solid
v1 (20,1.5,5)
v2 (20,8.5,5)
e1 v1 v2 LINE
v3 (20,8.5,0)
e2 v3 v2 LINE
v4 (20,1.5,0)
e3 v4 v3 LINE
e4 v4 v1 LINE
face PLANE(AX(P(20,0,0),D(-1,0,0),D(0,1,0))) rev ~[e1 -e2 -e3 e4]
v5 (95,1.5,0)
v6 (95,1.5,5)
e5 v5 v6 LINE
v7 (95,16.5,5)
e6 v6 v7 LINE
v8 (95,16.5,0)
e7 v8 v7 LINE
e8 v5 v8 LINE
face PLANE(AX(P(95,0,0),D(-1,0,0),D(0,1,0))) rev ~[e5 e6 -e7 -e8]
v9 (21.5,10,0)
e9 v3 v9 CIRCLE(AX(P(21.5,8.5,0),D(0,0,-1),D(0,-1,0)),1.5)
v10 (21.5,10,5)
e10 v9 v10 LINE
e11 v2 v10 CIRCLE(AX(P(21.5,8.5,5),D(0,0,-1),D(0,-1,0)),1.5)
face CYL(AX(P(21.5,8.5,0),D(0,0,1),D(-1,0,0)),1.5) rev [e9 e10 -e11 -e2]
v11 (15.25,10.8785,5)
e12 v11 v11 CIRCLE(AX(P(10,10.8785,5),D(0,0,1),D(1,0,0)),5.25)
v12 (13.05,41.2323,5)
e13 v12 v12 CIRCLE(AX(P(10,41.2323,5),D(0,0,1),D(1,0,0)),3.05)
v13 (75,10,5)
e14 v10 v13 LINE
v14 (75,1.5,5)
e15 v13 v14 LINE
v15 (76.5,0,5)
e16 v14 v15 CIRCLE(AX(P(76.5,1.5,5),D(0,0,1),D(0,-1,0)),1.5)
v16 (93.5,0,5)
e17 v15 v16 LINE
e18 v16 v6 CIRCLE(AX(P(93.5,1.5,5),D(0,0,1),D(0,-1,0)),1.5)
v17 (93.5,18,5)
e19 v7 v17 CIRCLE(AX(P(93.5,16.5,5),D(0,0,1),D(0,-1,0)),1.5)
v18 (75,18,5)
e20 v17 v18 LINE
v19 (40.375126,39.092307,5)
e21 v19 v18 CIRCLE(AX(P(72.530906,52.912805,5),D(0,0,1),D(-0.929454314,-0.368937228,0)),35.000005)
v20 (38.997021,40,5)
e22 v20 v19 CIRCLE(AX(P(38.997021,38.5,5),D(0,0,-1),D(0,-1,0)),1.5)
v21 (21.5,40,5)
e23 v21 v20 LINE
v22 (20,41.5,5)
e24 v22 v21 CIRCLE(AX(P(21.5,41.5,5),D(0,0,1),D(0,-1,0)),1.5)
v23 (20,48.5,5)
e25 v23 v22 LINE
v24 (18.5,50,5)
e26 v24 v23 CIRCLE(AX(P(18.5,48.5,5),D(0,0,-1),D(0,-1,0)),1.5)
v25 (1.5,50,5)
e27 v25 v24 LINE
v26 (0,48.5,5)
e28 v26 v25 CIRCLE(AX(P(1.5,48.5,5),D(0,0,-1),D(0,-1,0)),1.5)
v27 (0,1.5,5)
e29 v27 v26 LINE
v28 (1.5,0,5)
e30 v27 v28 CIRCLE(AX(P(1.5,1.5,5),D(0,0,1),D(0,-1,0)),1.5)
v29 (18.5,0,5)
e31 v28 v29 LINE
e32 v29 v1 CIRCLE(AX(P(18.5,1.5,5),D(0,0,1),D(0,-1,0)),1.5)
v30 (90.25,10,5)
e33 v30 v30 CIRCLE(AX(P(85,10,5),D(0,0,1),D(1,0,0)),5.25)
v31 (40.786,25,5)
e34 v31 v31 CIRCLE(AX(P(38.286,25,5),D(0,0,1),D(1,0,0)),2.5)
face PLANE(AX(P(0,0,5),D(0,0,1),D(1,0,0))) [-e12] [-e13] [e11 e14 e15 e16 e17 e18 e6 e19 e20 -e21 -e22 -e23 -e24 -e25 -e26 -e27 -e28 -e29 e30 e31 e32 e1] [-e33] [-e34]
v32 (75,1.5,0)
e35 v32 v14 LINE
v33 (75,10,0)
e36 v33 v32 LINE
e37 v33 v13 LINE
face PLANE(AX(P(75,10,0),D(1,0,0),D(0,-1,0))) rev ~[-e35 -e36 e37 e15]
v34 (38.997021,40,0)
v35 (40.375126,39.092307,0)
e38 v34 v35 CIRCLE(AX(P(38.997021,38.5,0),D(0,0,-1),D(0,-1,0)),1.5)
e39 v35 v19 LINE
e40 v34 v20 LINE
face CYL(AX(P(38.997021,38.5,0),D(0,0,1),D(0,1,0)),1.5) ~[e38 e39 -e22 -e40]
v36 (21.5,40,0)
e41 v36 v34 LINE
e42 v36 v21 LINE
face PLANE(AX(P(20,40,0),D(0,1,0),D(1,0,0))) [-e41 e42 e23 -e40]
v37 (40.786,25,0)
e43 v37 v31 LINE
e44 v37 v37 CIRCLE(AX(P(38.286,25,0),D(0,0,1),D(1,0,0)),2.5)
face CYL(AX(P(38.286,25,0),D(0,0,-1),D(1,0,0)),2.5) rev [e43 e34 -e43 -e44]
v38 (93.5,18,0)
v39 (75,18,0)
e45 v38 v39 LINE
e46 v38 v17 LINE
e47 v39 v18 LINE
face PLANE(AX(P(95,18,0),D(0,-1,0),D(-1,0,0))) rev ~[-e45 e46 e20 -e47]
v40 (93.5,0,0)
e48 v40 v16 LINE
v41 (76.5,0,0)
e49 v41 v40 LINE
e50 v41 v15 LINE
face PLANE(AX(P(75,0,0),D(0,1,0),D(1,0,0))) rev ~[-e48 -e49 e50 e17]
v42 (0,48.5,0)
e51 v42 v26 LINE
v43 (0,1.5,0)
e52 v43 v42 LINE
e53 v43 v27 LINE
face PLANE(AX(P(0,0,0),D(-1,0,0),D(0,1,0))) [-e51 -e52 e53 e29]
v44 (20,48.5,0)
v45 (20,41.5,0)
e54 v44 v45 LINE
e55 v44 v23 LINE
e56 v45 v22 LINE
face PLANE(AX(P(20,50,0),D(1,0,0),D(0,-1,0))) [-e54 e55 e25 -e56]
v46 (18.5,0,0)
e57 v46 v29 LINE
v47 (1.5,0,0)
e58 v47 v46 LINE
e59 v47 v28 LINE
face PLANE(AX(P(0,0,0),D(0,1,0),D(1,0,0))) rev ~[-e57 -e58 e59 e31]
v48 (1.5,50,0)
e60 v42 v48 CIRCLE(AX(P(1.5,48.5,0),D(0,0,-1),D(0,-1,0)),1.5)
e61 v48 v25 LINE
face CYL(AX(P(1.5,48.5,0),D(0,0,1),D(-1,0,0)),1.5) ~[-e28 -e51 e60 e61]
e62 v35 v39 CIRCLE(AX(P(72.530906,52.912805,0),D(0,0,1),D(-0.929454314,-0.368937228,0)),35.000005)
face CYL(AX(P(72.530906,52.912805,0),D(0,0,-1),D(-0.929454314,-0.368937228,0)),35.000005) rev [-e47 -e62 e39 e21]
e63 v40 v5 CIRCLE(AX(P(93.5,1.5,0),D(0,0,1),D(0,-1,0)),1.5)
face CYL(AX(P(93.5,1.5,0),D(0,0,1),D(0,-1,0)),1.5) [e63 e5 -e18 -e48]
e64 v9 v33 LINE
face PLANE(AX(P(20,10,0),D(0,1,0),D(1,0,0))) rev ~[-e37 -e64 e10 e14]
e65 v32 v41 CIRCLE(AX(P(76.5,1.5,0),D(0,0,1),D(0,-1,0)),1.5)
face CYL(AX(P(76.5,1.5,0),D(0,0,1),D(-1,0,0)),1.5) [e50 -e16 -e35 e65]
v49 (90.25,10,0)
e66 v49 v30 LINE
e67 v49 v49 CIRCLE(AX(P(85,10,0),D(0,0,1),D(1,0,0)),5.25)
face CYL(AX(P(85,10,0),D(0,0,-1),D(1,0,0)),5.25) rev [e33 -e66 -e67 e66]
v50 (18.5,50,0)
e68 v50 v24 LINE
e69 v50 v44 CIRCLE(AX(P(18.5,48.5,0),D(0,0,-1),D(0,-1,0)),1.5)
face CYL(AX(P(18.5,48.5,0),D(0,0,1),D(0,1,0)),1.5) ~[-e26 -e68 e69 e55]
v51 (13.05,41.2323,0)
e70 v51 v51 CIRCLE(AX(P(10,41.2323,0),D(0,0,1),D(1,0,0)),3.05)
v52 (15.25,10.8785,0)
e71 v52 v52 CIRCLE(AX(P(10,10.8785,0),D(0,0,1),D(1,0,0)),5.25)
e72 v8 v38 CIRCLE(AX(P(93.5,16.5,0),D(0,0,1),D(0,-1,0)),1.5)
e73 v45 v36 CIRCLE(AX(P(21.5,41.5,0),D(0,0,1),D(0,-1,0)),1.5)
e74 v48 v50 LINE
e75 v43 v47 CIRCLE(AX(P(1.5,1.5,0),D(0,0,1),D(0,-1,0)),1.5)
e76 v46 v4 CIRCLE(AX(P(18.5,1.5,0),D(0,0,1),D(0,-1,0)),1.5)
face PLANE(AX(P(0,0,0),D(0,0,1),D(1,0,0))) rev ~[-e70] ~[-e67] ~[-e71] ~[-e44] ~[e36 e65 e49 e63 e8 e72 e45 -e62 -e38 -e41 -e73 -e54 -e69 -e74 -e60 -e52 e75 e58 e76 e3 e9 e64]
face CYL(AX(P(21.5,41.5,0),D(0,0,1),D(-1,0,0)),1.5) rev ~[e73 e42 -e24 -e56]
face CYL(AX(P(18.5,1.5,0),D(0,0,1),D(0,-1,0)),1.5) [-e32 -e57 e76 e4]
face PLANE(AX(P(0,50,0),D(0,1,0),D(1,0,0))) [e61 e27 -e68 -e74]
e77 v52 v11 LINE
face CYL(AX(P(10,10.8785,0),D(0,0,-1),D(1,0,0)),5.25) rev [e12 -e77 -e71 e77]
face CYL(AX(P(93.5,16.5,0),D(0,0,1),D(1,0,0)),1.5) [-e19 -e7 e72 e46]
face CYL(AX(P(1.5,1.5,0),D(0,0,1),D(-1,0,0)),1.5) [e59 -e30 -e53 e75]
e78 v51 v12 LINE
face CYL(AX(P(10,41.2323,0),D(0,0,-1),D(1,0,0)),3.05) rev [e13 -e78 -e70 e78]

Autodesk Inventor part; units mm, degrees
ref_plane "YZ Plane" through (0, 0, 0) normal (1, 0, 0) x (0, 1, 0)
ref_plane "XZ Plane" through (0, 0, 0) normal (0, 1, 0) x (-1, 0, 0)
ref_plane "XY Plane" through (0, 0, 0) normal (0, 0, 1) x (1, 0, 0)
sketch "Esboço1" plane through (0, 0, 0) normal (0, 1, 0) x (-1, 0, 0)
  point P0 (0, 0)
sketch "Esboço2" plane through (0, 0, 0) normal (0, 0, 1) x (1, 0, 0)
  line L0 (0, 0) -> (20, 0)
  line L1 (20, 0) -> (20, 10)
  line L2 (20, 10) -> (75, 10)
  line L3 (75, 10) -> (75, 0)
  line L4 (75, 0) -> (95, 0)
  line L5 (95, 0) -> (95, 18)
  line L6 (95, 18) -> (75, 18)
  line L7 (0, 0) -> (0, 50)
  line L8 (0, 50) -> (20, 50)
  line L9 (20, 50) -> (20, 40)
  line L10 (20, 40) -> (40, 40)
  arc A0 (40, 40) -> (75, 18) centre (72.5309, 52.9128) ccw
  circle A1 centre (10, 41.2323) radius 3.05
  circle A2 centre (10, 10.8785) radius 5.25
  circle A3 centre (85, 10) radius 5.25
  circle A4 centre (38.286, 25) radius 2.5
  dimension "d0" = 20
  dimension "d1" = 10
  dimension "d2" = 55
  dimension "d3" = 10
  dimension "d4" = 20
  dimension "d5" = 18
  dimension "d6" = 20
  dimension "d7" = 50
  dimension "d8" = 20
  dimension "d9" = 10
  dimension "d10" = 20
  dimension "d11" = 35
  dimension "d12" = 6.1
  dimension "d13" = 10.5
  dimension "d14" = 10.5
  dimension "d15" = 5
extrude "Extrusão1" add sketch "Esboço2" along normal blind 5
fillet "Arredondamento1" radius 1.5 2 edges at (0, 50, 2.5) (20, 50, 2.5)
fillet "Arredondamento2" radius 1.5 8 edges at (20, 40, 2.5) (40, 40, 2.5) (95, 0, 2.5) (75, 0, 2.5) (20, 0, 2.5) (20, 10, 2.5) (95, 18, 2.5) (0, 0, 2.5)
properties part number "lateralCanhao"
